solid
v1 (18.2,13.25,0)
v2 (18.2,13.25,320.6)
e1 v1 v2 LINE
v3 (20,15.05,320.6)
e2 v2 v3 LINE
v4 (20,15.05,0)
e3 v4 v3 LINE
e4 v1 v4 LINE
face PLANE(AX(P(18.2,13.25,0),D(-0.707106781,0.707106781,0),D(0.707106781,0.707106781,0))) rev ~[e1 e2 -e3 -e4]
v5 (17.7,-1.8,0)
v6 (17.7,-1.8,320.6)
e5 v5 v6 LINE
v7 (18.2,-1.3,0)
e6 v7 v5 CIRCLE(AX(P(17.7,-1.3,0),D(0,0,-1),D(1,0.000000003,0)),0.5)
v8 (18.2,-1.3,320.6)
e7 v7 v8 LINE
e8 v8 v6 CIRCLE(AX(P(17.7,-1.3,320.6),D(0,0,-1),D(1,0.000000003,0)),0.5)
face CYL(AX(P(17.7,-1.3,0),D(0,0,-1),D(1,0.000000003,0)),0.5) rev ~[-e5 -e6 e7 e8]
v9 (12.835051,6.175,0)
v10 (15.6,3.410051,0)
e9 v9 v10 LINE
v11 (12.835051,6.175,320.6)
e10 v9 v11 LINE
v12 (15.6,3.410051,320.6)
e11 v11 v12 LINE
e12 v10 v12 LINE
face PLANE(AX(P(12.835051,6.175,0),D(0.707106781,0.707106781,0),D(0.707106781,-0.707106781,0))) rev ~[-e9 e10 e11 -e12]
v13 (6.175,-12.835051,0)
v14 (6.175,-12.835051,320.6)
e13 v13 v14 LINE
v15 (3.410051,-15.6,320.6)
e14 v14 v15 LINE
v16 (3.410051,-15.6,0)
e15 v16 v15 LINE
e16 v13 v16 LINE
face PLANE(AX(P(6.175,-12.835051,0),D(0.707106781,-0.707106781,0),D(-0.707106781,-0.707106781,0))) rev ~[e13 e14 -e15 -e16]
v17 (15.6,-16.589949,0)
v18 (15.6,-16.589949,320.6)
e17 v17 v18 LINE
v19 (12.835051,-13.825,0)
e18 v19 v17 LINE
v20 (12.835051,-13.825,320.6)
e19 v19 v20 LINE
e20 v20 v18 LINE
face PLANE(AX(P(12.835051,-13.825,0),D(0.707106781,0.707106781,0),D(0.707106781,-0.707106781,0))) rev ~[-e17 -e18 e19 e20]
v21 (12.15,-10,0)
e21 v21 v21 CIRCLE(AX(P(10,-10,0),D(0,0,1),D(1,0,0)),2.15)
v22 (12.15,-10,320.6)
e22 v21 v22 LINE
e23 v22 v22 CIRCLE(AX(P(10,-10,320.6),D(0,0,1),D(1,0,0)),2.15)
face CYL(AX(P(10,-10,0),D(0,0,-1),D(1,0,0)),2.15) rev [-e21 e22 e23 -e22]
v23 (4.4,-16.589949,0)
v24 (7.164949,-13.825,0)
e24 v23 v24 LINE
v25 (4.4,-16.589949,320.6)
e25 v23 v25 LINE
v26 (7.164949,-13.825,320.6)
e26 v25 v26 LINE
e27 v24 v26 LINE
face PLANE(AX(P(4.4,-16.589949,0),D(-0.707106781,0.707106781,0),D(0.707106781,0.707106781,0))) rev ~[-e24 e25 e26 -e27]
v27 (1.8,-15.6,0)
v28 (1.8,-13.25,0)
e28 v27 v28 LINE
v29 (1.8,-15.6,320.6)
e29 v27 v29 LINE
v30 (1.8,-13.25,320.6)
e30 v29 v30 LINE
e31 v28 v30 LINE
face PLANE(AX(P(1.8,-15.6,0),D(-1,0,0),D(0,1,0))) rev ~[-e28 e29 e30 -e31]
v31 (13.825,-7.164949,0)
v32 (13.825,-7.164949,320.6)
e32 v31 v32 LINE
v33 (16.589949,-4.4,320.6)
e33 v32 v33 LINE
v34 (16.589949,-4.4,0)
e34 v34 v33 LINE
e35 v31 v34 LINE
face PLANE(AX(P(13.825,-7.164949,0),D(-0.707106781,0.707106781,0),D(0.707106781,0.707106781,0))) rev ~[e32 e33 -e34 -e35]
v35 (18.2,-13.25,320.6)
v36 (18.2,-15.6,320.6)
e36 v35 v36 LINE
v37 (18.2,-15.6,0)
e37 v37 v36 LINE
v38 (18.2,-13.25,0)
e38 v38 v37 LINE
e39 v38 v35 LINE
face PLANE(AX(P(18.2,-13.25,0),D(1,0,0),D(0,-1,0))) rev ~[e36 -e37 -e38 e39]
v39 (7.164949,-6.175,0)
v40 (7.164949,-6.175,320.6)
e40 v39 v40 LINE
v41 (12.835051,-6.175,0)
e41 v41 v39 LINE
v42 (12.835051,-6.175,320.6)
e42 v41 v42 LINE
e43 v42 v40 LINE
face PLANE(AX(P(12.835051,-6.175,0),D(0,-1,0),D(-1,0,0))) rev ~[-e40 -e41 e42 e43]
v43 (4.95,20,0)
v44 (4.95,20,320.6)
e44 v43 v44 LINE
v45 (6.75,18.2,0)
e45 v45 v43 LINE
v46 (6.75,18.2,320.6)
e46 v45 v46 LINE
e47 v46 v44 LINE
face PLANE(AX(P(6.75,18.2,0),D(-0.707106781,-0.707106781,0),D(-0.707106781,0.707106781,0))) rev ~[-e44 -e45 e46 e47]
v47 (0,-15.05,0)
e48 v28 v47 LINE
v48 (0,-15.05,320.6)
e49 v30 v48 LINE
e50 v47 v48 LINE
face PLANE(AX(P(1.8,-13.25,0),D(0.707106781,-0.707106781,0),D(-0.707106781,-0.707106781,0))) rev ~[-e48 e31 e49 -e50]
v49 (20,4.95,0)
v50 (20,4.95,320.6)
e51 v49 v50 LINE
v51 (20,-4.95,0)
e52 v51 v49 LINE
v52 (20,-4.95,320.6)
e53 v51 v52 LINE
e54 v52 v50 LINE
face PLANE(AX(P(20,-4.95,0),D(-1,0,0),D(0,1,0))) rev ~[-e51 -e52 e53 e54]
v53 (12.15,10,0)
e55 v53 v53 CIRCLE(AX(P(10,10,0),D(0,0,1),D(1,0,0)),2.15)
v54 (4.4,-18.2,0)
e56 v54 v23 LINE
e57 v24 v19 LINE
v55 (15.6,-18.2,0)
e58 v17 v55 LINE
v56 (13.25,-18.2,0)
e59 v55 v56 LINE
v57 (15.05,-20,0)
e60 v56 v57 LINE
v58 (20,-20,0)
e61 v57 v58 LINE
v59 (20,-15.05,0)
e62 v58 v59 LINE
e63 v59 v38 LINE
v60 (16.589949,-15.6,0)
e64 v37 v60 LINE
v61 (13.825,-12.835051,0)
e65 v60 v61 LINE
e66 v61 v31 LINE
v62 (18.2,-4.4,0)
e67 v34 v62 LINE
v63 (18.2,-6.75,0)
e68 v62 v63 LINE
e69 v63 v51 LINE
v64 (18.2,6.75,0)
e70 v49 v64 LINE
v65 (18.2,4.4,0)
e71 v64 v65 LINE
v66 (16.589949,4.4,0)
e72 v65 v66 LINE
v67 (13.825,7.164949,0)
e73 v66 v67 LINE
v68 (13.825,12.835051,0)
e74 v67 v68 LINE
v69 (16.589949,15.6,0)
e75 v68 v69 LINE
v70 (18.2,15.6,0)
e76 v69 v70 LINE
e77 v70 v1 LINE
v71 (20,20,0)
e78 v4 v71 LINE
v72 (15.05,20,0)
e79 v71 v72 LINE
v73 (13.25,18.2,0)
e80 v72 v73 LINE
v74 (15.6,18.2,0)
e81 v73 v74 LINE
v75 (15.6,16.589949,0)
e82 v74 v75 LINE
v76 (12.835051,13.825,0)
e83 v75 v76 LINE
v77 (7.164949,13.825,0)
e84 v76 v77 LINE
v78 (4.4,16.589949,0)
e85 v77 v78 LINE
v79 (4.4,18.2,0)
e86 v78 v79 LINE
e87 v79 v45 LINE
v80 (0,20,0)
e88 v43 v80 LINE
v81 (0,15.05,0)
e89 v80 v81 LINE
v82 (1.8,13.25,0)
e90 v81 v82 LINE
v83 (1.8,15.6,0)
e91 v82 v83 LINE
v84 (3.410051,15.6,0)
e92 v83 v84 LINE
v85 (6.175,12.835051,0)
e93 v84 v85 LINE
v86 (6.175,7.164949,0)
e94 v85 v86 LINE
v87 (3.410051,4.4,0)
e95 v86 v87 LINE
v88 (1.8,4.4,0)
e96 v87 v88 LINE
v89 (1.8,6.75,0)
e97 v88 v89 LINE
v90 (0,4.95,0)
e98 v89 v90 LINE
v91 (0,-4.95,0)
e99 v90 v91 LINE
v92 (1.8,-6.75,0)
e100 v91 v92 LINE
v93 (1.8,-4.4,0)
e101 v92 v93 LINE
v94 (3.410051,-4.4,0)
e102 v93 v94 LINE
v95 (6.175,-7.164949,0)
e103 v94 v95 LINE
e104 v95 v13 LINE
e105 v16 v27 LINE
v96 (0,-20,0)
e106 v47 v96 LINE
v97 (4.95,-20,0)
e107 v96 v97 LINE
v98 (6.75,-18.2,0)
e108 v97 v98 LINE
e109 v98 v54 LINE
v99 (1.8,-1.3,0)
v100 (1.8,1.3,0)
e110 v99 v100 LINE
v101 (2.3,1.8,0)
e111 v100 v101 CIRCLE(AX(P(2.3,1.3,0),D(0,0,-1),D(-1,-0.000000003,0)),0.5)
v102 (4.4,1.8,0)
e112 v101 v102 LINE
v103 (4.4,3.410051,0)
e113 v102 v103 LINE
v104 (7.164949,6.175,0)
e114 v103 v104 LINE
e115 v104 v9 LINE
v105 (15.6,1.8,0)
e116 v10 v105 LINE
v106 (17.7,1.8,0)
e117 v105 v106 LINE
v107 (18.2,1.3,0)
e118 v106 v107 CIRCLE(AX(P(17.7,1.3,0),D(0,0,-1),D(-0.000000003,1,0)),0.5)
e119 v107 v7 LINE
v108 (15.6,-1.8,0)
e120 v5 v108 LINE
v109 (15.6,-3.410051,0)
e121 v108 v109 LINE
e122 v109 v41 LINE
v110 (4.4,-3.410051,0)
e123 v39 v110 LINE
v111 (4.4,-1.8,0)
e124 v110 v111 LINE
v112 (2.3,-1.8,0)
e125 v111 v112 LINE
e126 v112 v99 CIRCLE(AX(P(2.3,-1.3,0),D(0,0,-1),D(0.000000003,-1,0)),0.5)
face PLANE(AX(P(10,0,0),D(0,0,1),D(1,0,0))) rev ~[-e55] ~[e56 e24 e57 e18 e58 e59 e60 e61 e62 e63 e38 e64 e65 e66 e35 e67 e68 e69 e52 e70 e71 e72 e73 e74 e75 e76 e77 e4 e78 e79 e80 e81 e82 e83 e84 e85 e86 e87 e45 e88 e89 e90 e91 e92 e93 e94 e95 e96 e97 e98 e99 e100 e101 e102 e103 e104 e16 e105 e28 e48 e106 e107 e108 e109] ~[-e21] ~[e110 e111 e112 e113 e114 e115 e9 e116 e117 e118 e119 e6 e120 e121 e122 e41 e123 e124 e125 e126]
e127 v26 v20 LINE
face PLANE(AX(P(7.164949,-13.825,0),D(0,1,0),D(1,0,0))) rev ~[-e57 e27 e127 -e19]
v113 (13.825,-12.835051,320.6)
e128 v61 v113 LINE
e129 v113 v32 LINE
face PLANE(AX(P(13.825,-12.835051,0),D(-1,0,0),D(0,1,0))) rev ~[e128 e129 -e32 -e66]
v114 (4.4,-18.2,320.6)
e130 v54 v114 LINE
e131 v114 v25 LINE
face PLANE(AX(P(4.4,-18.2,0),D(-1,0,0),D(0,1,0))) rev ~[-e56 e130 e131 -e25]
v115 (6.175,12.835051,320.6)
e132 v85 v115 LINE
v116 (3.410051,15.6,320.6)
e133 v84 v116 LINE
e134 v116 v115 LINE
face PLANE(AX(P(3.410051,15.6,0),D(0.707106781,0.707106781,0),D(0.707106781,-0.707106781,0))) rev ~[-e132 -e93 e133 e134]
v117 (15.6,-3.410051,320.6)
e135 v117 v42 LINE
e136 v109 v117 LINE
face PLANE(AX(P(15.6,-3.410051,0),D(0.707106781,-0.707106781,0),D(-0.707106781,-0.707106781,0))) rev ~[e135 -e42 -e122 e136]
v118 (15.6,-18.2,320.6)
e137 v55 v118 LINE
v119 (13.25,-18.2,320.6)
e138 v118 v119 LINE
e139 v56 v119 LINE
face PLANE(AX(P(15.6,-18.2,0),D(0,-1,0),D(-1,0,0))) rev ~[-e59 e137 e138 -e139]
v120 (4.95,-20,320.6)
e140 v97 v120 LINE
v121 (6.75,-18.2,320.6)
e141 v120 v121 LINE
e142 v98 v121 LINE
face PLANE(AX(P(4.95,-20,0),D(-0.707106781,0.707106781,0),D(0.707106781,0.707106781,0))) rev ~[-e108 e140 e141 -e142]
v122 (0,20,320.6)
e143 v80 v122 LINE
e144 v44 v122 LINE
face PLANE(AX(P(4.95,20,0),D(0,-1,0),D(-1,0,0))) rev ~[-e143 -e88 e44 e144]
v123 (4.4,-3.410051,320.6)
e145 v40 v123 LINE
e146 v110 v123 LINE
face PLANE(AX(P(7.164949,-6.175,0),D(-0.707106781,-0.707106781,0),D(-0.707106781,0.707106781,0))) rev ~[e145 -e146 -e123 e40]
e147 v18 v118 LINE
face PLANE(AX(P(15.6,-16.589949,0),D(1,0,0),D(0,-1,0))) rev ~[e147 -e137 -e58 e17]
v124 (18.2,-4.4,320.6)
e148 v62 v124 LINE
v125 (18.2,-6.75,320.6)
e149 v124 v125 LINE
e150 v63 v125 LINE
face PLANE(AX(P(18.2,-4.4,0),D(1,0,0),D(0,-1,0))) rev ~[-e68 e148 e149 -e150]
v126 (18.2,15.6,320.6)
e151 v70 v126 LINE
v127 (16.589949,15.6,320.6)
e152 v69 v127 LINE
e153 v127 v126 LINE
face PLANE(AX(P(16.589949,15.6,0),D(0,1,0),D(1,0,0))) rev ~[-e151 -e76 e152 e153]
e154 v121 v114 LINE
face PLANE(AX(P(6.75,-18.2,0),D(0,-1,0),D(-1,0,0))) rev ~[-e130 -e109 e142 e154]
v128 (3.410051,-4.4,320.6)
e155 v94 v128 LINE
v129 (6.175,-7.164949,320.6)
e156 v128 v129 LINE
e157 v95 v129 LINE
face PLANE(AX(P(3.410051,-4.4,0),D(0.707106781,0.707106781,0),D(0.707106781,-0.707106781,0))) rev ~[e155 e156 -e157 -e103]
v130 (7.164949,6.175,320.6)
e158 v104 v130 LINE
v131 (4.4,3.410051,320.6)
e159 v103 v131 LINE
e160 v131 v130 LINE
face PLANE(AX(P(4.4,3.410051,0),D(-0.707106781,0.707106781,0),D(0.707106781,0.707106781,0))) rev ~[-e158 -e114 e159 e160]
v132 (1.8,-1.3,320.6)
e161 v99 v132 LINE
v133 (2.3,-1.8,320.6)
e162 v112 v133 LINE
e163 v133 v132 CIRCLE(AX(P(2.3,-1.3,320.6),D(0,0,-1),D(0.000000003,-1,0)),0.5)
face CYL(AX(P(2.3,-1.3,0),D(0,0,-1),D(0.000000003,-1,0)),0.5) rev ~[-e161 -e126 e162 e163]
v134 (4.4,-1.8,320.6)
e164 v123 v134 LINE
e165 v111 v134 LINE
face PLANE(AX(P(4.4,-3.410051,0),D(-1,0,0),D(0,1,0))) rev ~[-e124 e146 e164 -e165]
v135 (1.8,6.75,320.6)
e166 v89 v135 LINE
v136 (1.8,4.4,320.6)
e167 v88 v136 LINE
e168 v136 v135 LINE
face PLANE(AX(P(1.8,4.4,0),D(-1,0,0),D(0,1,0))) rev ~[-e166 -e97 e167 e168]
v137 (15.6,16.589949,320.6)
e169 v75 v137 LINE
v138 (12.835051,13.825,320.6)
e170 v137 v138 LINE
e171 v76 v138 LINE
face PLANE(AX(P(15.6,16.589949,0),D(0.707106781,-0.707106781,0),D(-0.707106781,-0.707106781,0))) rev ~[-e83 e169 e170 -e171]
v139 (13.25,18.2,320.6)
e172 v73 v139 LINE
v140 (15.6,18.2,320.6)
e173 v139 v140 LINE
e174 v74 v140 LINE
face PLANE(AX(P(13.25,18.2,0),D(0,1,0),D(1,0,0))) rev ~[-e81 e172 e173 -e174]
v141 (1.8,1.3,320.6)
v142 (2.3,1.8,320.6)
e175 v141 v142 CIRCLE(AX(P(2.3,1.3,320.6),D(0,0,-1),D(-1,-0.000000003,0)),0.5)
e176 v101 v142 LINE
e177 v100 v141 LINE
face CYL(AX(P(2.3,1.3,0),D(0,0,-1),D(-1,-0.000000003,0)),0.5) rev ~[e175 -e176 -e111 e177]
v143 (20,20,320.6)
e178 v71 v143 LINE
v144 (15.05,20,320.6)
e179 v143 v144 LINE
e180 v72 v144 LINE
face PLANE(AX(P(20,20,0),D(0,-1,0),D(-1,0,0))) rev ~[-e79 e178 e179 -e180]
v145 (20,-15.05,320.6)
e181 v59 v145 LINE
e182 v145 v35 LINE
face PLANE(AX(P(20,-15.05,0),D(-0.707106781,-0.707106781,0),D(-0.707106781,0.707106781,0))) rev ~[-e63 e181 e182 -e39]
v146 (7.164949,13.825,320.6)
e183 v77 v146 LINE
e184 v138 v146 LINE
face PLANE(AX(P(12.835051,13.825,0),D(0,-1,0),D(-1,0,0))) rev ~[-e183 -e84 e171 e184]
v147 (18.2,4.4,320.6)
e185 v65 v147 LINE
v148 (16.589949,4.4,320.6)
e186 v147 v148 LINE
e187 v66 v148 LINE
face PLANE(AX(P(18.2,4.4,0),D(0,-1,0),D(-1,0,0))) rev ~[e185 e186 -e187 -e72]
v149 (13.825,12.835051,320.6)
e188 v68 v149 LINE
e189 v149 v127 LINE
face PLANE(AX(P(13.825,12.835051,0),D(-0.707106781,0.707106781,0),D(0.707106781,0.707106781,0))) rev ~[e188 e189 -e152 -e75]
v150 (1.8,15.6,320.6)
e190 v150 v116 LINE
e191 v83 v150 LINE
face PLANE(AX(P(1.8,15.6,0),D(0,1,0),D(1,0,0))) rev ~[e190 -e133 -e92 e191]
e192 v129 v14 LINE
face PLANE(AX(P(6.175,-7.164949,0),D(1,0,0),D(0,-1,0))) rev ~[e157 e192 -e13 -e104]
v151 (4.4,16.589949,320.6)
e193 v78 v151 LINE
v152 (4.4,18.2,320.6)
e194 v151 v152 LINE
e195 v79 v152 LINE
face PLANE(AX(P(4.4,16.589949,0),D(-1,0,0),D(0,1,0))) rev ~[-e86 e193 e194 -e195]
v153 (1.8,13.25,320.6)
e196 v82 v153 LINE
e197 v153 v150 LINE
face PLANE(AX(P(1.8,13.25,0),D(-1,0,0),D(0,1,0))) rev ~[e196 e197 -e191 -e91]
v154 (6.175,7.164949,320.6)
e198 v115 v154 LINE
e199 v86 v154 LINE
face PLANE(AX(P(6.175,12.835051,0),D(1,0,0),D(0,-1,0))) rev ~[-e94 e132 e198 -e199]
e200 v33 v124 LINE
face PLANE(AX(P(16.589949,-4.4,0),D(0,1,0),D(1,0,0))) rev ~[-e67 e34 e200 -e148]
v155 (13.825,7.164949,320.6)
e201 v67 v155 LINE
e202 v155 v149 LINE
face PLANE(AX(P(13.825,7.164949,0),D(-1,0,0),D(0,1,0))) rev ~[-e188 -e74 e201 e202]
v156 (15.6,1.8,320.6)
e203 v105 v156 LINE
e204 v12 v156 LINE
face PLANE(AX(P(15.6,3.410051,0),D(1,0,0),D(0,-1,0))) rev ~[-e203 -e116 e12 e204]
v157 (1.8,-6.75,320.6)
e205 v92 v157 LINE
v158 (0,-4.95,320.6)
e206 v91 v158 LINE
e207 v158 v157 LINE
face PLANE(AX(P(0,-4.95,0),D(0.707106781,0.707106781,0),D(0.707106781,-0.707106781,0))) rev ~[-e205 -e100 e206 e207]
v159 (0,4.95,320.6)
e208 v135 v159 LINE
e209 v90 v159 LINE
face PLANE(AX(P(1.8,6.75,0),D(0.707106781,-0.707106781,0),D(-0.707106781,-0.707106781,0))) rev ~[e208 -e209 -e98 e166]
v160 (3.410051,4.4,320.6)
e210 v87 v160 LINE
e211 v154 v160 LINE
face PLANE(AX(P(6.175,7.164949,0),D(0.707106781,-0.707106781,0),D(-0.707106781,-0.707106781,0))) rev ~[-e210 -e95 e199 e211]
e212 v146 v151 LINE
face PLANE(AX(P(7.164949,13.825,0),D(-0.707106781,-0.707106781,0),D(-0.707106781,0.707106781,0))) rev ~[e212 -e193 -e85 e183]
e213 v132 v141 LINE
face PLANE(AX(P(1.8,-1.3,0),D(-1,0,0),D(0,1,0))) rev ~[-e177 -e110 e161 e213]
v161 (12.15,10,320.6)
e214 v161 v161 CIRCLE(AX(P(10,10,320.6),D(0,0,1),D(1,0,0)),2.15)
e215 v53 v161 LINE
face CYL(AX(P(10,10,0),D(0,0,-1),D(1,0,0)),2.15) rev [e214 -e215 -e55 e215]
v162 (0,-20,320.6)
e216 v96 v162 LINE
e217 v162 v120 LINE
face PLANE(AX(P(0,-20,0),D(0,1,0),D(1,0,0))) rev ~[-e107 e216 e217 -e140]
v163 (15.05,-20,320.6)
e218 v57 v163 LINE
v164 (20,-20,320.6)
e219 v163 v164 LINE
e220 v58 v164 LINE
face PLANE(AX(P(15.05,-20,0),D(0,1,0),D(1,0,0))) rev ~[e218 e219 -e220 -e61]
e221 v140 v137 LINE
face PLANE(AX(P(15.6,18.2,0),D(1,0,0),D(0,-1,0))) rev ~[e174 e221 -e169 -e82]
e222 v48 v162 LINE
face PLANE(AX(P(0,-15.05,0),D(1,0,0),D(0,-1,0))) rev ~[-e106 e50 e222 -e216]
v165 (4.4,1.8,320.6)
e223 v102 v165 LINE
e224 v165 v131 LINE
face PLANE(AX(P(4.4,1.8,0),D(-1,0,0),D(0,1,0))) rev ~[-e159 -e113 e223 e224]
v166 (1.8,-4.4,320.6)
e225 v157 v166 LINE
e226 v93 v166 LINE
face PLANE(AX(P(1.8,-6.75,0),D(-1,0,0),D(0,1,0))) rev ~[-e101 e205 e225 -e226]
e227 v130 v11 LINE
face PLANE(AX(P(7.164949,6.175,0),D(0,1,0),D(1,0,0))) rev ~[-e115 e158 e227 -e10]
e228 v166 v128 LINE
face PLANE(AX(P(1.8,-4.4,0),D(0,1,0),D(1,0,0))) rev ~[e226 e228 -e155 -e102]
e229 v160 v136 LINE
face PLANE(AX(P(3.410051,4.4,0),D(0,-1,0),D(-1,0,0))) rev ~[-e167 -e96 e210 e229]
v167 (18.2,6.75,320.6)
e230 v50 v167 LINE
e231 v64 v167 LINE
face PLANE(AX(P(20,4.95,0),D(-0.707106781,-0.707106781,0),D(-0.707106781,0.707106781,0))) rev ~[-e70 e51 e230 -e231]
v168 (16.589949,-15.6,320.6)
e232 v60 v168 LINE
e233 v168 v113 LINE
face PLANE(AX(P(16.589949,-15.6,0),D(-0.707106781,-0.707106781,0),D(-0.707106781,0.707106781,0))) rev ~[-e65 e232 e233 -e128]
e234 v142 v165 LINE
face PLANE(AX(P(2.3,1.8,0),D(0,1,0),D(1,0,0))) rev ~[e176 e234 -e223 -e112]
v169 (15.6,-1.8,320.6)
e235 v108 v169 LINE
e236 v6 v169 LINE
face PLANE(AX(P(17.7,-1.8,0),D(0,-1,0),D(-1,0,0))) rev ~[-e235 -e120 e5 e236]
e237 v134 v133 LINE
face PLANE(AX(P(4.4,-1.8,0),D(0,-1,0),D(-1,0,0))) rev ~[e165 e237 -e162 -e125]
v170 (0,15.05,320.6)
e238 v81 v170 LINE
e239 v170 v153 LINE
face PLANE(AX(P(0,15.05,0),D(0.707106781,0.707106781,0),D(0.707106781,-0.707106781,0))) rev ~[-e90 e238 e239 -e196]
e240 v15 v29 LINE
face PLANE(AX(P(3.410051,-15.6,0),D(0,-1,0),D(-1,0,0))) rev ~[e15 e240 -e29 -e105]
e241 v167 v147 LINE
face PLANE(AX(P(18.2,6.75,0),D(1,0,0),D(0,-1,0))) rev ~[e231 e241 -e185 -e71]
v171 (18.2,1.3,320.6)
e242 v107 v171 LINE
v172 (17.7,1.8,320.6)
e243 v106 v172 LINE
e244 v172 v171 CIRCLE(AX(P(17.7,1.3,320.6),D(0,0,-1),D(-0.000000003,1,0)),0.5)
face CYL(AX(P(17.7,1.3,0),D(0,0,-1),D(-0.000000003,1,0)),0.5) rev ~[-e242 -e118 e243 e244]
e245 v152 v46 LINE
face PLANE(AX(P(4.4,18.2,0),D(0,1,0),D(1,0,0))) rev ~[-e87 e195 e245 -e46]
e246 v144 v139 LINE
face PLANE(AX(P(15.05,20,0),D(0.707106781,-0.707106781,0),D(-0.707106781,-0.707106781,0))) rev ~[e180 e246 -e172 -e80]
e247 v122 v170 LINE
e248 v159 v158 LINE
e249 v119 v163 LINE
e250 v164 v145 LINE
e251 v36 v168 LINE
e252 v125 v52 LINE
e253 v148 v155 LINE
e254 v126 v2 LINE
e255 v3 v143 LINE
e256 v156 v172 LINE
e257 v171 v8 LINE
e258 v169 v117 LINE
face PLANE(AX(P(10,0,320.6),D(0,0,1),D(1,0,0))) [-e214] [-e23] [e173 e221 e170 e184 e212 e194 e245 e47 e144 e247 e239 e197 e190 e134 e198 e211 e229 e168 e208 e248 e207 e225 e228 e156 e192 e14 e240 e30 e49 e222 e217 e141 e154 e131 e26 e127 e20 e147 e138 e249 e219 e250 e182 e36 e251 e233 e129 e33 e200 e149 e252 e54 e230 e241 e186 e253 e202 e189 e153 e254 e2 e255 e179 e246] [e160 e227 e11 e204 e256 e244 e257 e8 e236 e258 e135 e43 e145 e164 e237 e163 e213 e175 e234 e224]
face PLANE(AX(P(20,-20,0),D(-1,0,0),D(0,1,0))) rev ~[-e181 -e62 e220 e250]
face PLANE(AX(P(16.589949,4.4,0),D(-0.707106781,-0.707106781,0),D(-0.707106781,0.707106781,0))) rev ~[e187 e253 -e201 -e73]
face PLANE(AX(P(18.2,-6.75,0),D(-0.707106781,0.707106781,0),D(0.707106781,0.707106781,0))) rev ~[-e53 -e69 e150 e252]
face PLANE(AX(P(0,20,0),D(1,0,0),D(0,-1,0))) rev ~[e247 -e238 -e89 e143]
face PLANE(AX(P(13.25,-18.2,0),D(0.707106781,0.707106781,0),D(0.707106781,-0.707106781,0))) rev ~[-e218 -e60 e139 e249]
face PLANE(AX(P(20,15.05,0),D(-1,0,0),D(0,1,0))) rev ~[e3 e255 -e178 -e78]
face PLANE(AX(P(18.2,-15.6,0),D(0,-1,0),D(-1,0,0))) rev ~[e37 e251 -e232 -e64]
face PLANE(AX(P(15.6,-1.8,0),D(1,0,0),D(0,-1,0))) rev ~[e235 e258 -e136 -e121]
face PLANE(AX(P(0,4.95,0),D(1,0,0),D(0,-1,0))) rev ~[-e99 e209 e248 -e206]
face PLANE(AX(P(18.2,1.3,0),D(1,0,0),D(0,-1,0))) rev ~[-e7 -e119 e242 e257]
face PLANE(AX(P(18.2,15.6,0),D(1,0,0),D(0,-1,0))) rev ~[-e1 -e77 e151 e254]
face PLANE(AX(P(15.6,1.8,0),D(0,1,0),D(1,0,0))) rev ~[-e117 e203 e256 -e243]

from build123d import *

# Parameters (mm, degrees)
CROQUIS1_R              = 2.15
SALIENTE_EXTRUIR1_DEPTH = 320.6


with BuildPart() as part:
    # Croquis1 → Saliente-Extruir1 (new body)
    with BuildSketch(Plane.XY):
        Polygon((20, 4.95), (18.2, 6.75), (18.2, 4.4), (16.589949494, 4.4), (13.825, 7.164949494), (13.825, 12.835050506), (16.589949494, 15.6), (18.2, 15.6), (18.2, 13.25), (20, 15.05), (20, 20), (15.05, 20), (13.25, 18.2), (15.6, 18.2), (15.6, 16.589949494), (12.835050506, 13.825), (7.164949494, 13.825), (4.4, 16.589949494), (4.4, 18.2), (6.75, 18.2), (4.95, 20), (0, 20), (0, 15.05), (1.8, 13.25), (1.8, 15.6), (3.410050506, 15.6), (6.175, 12.835050506), (6.175, 7.164949494), (3.410050506, 4.4), (1.8, 4.4), (1.8, 6.75), (0, 4.95), (0, -4.95), (1.8, -6.75), (1.8, -4.4), (3.410050506, -4.4), (6.175, -7.164949494), (6.175, -12.835050506), (3.410050506, -15.6), (1.8, -15.6), (1.8, -13.25), (0, -15.05), (0, -20), (4.95, -20), (6.75, -18.2), (4.4, -18.2), (4.4, -16.589949494), (7.164949494, -13.825), (12.835050506, -13.825), (15.6, -16.589949494), (15.6, -18.2), (13.25, -18.2), (15.05, -20), (20, -20), (20, -15.05), (18.2, -13.25), (18.2, -15.6), (16.589949494, -15.6), (13.825, -12.835050506), (13.825, -7.164949494), (16.589949494, -4.4), (18.2, -4.4), (18.2, -6.75), (20, -4.95), align=None)
        with BuildLine():
            Line((1.8, -1.3), (1.8, 1.3))
            ThreePointArc((1.8, 1.3), (1.946446609, 1.653553391), (2.3, 1.8))
            Line((2.3, 1.8), (4.4, 1.8))
            Line((4.4, 1.8), (4.4, 3.410050506))
            Line((4.4, 3.410050506), (7.164949494, 6.175))
            Line((7.164949494, 6.175), (12.835050506, 6.175))
            Line((12.835050506, 6.175), (15.6, 3.410050506))
            Line((15.6, 3.410050506), (15.6, 1.8))
            Line((15.6, 1.8), (17.7, 1.8))
            ThreePointArc((17.7, 1.8), (18.053553391, 1.653553391), (18.2, 1.3))
            Line((18.2, 1.3), (18.2, -1.3))
            ThreePointArc((18.2, -1.3), (18.053553391, -1.653553391), (17.7, -1.8))
            Line((17.7, -1.8), (15.6, -1.8))
            Line((15.6, -1.8), (15.6, -3.410050506))
            Line((15.6, -3.410050506), (12.835050506, -6.175))
            Line((12.835050506, -6.175), (7.164949494, -6.175))
            Line((7.164949494, -6.175), (4.4, -3.410050506))
            Line((4.4, -3.410050506), (4.4, -1.8))
            Line((4.4, -1.8), (2.3, -1.8))
            ThreePointArc((2.3, -1.8), (1.946446609, -1.653553391), (1.8, -1.3))
        make_face(mode=Mode.SUBTRACT)
        with Locations((10, -10)):
            Circle(CROQUIS1_R, mode=Mode.SUBTRACT)
        with Locations((10, 10)):
            Circle(CROQUIS1_R, mode=Mode.SUBTRACT)
    extrude(amount=SALIENTE_EXTRUIR1_DEPTH)


solid = part.part
